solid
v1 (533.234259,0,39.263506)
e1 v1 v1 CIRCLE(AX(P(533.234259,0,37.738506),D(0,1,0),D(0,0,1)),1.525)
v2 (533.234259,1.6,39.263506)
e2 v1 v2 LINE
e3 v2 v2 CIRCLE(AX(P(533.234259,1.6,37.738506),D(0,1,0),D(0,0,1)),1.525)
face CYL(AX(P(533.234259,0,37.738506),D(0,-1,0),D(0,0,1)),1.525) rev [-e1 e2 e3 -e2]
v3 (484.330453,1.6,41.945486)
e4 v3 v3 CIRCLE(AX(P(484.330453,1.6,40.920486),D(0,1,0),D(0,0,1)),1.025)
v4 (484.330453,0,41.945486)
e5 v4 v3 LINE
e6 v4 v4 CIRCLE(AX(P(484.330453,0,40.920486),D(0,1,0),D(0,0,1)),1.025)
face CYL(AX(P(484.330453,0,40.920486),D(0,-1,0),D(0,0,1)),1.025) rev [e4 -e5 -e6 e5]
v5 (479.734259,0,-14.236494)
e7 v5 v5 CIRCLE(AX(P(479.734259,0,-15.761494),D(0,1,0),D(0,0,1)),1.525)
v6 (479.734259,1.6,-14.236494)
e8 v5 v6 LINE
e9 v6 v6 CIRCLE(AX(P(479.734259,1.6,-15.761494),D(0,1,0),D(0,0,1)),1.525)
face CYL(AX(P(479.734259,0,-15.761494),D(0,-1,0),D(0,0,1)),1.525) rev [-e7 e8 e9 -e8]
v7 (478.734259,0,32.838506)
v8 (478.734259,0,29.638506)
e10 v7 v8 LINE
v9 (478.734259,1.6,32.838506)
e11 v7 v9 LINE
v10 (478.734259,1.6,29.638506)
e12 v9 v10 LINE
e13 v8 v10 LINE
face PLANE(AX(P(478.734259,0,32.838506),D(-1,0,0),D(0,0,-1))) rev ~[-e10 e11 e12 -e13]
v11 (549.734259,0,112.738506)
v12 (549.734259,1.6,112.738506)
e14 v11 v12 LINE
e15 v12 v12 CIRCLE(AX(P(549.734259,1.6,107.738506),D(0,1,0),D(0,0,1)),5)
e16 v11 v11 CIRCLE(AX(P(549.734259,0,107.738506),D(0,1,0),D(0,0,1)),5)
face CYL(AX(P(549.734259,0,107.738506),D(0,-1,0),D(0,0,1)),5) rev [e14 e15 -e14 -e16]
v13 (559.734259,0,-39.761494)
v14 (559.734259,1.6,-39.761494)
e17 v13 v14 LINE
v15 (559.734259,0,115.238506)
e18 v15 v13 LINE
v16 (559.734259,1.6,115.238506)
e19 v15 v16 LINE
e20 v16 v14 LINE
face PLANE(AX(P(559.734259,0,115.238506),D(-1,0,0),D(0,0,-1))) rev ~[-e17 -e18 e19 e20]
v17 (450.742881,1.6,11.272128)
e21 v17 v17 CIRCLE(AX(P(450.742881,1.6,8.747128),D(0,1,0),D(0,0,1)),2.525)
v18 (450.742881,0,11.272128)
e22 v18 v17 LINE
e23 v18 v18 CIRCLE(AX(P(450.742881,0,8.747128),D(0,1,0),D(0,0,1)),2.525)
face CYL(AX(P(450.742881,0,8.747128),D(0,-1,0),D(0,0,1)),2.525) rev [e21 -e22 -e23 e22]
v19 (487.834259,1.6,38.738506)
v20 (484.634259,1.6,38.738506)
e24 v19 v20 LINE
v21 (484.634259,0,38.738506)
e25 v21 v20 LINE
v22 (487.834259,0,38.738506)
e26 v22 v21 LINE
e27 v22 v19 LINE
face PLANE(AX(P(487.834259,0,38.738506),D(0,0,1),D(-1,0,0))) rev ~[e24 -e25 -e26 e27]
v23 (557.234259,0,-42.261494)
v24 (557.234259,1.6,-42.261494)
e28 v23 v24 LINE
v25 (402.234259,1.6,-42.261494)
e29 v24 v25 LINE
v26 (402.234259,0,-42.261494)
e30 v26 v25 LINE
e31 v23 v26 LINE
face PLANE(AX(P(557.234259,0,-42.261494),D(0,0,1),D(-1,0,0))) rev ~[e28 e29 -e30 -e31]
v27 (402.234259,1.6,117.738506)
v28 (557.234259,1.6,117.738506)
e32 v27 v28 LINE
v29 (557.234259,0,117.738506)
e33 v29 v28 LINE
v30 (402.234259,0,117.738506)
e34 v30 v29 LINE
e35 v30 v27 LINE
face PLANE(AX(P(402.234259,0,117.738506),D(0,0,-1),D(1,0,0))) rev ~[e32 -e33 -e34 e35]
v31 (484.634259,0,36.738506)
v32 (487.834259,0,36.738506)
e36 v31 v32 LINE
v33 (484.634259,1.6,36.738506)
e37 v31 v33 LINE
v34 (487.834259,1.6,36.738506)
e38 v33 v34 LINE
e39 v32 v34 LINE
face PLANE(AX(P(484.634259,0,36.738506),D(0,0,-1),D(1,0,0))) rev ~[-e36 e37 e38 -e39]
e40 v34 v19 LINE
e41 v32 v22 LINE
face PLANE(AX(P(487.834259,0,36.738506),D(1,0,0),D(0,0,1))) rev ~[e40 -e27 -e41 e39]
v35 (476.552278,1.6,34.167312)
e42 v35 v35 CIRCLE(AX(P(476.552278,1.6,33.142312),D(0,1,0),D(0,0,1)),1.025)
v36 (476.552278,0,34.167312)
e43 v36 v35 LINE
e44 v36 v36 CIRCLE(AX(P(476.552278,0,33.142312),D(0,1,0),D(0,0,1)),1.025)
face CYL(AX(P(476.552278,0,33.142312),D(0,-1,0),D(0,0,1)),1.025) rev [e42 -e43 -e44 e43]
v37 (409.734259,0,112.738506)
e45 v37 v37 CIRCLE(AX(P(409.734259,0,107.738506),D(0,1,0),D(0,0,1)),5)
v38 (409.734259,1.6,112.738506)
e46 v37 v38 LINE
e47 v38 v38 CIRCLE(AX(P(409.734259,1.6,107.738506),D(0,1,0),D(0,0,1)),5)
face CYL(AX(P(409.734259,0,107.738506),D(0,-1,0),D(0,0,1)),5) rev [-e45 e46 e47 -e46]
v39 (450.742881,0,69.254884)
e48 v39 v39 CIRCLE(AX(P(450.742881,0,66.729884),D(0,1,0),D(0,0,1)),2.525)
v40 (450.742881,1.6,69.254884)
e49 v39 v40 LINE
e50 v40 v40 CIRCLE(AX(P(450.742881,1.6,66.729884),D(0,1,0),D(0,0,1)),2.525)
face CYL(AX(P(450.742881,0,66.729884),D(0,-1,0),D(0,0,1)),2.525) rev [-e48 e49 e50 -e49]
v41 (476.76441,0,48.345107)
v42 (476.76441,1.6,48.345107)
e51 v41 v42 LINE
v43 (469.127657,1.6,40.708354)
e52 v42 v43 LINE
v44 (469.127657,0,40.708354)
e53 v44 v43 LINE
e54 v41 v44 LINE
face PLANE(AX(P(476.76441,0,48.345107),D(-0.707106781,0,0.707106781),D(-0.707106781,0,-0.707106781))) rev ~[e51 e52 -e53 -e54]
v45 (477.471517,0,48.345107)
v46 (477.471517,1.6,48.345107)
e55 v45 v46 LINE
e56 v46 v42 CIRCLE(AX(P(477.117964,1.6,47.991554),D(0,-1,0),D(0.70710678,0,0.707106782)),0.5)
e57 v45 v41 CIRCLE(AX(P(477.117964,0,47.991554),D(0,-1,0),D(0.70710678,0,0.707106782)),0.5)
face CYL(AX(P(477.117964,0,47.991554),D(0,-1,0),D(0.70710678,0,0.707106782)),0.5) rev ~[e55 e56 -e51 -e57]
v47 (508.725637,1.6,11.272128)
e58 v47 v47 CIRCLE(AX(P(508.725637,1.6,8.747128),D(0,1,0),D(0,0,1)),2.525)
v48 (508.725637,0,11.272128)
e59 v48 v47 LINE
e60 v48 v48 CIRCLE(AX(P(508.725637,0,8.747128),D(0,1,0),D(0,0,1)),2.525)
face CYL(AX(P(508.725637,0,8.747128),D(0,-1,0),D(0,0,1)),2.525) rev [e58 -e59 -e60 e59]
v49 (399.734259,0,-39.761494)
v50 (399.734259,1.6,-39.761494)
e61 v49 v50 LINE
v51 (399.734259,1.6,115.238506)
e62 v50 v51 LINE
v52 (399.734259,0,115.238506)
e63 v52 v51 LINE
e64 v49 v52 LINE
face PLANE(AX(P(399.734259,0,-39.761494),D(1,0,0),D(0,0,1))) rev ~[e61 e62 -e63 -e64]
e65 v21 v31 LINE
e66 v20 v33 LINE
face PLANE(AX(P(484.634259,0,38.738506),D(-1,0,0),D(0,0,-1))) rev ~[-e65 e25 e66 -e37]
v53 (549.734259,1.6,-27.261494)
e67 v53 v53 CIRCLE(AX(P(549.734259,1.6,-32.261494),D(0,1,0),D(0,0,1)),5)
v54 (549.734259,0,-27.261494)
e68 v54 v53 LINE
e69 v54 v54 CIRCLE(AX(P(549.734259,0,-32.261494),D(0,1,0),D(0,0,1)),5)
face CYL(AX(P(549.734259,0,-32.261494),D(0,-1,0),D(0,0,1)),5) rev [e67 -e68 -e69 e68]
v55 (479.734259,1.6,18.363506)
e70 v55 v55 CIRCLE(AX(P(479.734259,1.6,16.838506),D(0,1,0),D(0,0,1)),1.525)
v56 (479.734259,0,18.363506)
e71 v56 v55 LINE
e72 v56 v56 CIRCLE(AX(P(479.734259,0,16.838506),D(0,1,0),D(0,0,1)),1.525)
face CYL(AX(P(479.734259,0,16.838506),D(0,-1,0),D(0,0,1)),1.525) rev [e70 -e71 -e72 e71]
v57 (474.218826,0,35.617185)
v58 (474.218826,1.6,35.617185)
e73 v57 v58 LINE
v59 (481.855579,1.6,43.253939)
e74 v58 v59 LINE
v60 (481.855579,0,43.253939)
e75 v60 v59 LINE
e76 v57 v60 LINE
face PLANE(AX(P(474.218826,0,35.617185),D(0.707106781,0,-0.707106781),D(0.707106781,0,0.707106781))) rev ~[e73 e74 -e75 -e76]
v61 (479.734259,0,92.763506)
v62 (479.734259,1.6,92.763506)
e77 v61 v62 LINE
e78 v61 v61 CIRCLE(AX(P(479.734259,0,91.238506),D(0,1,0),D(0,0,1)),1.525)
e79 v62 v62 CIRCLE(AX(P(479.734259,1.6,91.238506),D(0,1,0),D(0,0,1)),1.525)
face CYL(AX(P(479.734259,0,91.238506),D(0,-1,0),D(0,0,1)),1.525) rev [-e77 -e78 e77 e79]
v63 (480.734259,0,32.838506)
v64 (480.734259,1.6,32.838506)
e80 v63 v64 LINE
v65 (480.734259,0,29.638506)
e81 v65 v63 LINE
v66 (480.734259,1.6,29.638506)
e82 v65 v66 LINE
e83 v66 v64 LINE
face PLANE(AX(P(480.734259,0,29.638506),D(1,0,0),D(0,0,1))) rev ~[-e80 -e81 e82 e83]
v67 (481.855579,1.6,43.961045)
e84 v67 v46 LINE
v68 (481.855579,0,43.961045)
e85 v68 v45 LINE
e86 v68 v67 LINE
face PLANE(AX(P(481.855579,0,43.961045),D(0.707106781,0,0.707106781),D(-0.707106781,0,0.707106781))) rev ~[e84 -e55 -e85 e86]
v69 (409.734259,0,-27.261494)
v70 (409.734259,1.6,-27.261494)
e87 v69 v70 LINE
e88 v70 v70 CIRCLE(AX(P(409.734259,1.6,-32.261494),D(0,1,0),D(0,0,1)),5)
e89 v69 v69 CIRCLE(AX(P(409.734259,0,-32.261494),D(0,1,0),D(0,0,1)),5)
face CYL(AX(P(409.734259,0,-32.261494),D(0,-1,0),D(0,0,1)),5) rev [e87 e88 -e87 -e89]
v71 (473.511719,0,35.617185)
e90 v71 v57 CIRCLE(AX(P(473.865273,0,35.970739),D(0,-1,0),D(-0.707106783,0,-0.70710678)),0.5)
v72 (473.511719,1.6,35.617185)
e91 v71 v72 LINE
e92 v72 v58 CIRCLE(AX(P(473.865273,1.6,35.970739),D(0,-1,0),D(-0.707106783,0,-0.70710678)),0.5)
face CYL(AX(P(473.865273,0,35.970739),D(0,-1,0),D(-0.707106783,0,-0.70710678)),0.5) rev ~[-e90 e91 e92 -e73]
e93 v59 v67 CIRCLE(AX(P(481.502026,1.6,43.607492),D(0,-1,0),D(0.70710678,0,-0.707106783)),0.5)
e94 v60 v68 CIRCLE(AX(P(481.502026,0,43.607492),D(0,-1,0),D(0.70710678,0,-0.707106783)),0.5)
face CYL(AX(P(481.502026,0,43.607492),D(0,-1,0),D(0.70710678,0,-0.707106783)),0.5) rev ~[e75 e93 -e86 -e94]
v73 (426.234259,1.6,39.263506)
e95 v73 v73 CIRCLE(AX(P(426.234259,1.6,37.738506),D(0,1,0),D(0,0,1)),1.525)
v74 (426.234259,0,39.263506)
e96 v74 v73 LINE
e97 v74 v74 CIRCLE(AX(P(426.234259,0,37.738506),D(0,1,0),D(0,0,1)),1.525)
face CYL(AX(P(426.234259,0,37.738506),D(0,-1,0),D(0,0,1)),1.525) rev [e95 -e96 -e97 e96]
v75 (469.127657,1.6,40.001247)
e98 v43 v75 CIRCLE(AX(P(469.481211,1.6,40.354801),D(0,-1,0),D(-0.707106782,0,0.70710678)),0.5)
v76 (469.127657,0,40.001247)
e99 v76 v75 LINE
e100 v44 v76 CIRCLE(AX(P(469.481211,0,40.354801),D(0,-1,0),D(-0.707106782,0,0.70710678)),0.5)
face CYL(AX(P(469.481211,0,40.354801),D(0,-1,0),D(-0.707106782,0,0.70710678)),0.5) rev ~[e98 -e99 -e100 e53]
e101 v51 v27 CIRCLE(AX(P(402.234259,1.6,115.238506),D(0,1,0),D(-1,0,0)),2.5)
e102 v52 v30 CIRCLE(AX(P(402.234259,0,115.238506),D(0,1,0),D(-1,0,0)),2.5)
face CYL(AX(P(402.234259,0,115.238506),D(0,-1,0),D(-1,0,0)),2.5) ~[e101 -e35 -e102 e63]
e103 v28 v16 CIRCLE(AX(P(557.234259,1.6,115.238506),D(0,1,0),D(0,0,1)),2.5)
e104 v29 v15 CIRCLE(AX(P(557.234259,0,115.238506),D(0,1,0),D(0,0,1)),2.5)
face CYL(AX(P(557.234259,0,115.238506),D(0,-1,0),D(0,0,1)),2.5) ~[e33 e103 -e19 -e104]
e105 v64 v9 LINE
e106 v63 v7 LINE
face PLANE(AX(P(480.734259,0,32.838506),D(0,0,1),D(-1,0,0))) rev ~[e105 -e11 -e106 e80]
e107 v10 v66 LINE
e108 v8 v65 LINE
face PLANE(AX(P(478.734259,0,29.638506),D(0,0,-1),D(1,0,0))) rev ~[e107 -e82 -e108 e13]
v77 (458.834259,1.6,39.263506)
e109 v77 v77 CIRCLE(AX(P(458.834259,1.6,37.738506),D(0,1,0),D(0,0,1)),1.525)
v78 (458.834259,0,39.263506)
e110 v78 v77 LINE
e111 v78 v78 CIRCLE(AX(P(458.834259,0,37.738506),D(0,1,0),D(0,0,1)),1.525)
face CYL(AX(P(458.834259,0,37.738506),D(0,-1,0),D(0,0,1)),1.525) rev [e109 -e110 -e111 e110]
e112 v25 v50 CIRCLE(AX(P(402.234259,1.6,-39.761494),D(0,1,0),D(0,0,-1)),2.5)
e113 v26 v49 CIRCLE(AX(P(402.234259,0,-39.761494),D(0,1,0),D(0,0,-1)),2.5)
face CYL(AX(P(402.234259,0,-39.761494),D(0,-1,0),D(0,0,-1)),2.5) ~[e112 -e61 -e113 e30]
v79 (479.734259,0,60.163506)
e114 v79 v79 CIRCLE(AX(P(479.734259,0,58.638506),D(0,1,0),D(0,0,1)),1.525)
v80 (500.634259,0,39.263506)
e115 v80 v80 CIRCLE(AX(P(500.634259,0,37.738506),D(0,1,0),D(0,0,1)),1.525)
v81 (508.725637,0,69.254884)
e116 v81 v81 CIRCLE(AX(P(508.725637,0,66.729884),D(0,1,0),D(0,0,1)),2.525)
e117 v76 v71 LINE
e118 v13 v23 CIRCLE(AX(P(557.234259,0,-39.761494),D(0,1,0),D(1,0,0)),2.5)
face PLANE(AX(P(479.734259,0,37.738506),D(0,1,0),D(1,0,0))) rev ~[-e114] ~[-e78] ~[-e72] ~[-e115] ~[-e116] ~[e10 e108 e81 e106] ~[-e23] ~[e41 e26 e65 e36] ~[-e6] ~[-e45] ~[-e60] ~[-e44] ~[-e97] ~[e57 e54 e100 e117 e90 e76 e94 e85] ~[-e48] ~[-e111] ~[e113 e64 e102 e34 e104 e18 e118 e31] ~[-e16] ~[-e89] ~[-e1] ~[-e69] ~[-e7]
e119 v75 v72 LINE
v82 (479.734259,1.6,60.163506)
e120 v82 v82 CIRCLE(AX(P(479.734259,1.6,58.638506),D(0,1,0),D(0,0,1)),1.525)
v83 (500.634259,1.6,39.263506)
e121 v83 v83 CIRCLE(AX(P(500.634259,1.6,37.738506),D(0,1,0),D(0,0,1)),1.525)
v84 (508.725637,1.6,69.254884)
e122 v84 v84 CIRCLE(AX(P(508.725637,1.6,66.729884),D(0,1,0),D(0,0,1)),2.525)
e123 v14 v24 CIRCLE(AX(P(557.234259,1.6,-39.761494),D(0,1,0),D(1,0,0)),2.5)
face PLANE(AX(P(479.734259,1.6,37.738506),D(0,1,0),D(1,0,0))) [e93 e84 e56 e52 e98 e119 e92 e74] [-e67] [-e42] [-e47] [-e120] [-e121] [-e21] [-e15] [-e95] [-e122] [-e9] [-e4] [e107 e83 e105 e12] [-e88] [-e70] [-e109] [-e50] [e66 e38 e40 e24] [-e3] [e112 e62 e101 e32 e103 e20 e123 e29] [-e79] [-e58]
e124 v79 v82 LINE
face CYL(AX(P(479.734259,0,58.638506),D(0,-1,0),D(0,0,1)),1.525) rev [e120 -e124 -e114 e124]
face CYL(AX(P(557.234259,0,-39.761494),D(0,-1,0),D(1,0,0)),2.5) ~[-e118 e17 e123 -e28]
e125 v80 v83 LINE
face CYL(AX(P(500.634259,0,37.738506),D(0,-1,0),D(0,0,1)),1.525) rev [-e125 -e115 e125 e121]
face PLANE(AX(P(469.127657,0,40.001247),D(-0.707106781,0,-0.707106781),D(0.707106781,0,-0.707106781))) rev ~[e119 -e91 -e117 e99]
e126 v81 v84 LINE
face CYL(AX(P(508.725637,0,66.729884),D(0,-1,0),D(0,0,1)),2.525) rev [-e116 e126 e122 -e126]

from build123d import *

# Parameters (mm, degrees)
SKETCH1_R           = 5
SKETCH1_R_2         = 1.525
SKETCH1_R_3         = 2.525
SKETCH1_R_4         = 1.025
BOSS_EXTRUDE1_DEPTH = 1.6


with BuildPart() as part:
    # Sketch1 → Boss-Extrude1 (new body)
    with BuildSketch(Plane(origin=(0, 0, 0), x_dir=(1, 0, 0), z_dir=(0, 1, 0))):
        with BuildLine():
            Line((557.234258902, 42.261494271), (402.234258902, 42.261494271))
            ThreePointArc((402.234258902, 42.261494271), (400.466491949, 41.529261224), (399.734258902, 39.761494271))
            Line((399.734258902, 39.761494271), (399.734258902, -115.238505729))
            ThreePointArc((399.734258902, -115.238505729), (400.466491949, -117.006272682), (402.234258902, -117.738505729))
            Line((402.234258902, -117.738505729), (557.234258902, -117.738505729))
            ThreePointArc((557.234258902, -117.738505729), (559.002025855, -117.006272682), (559.734258902, -115.238505729))
            Line((559.734258902, -115.238505729), (559.734258902, 39.761494271))
            ThreePointArc((559.734258902, 39.761494271), (559.002025855, 41.529261224), (557.234258902, 42.261494271))
        make_face()
        with Locations(Location((409.734258902, -107.738505729, 0), (0, 0, 270))):
            Circle(SKETCH1_R, mode=Mode.SUBTRACT)
        with Locations(Location((479.734258902, -91.238505729, 0), (0, 0, 270))):
            Circle(SKETCH1_R_2, mode=Mode.SUBTRACT)
        with Locations(Location((450.742880873, -66.729883758, 0), (0, 0, 270))):
            Circle(SKETCH1_R_3, mode=Mode.SUBTRACT)
        with Locations(Location((479.734258902, -58.638505729, 0), (0, 0, 270))):
            Circle(SKETCH1_R_2, mode=Mode.SUBTRACT)
        with BuildLine():
            Line((474.218826009, -35.617185386), (481.855579245, -43.253938622))
            ThreePointArc((481.855579245, -43.253938622), (482.002025855, -43.607492013), (481.855579245, -43.961045404))
            Line((481.855579245, -43.961045404), (477.471517202, -48.345107447))
            ThreePointArc((477.471517202, -48.345107447), (477.117963811, -48.491554056), (476.764410421, -48.345107447))
            Line((476.764410421, -48.345107447), (469.127657184, -40.70835421))
            ThreePointArc((469.127657184, -40.70835421), (468.981210575, -40.35480082), (469.127657184, -40.001247429))
            Line((469.127657184, -40.001247429), (473.511719227, -35.617185386))
            ThreePointArc((473.511719227, -35.617185386), (473.865272618, -35.470738776), (474.218826009, -35.617185386))
        make_face(mode=Mode.SUBTRACT)
        with Locations(Location((549.734258902, -107.738505729, 0), (0, 0, 270))):
            Circle(SKETCH1_R, mode=Mode.SUBTRACT)
        with Locations(Location((508.725636931, -66.729883758, 0), (0, 0, 270))):
            Circle(SKETCH1_R_3, mode=Mode.SUBTRACT)
        with Locations(Location((484.33045298, -40.920486245, 0), (0, 0, 270))):
            Circle(SKETCH1_R_4, mode=Mode.SUBTRACT)
        with Locations(Location((426.234258902, -37.738505729, 0), (0, 0, 270))):
            Circle(SKETCH1_R_2, mode=Mode.SUBTRACT)
        with Locations(Location((458.834258902, -37.738505729, 0), (0, 0, 270))):
            Circle(SKETCH1_R_2, mode=Mode.SUBTRACT)
        with Locations(Location((476.552278387, -33.142311651, 0), (0, 0, 270))):
            Circle(SKETCH1_R_4, mode=Mode.SUBTRACT)
        Polygon((480.734258902, -32.838505729), (479.734258902, -32.838505729), (478.734258902, -32.838505729), (478.734258902, -29.638505729), (480.734258902, -29.638505729), align=None, mode=Mode.SUBTRACT)
        with Locations(Location((450.742880873, -8.747127701, 0), (0, 0, 270))):
            Circle(SKETCH1_R_3, mode=Mode.SUBTRACT)
        with Locations(Location((479.734258902, -16.838505729, 0), (0, 0, 270))):
            Circle(SKETCH1_R_2, mode=Mode.SUBTRACT)
        with Locations(Location((409.734258902, 32.261494271, 0), (0, 0, 270))):
            Circle(SKETCH1_R, mode=Mode.SUBTRACT)
        with Locations(Location((479.734258902, 15.761494271, 0), (0, 0, 270))):
            Circle(SKETCH1_R_2, mode=Mode.SUBTRACT)
        Polygon((484.634258902, -38.738505729), (484.634258902, -37.738505729), (484.634258902, -36.738505729), (487.834258902, -36.738505729), (487.834258902, -38.738505729), align=None, mode=Mode.SUBTRACT)
        with Locations(Location((500.634258902, -37.738505729, 0), (0, 0, 270))):
            Circle(SKETCH1_R_2, mode=Mode.SUBTRACT)
        with Locations(Location((508.725636931, -8.747127701, 0), (0, 0, 270))):
            Circle(SKETCH1_R_3, mode=Mode.SUBTRACT)
        with Locations(Location((533.234258902, -37.738505729, 0), (0, 0, 270))):
            Circle(SKETCH1_R_2, mode=Mode.SUBTRACT)
        with Locations(Location((549.734258902, 32.261494271, 0), (0, 0, 270))):
            Circle(SKETCH1_R, mode=Mode.SUBTRACT)
    extrude(amount=BOSS_EXTRUDE1_DEPTH)


solid = part.part
